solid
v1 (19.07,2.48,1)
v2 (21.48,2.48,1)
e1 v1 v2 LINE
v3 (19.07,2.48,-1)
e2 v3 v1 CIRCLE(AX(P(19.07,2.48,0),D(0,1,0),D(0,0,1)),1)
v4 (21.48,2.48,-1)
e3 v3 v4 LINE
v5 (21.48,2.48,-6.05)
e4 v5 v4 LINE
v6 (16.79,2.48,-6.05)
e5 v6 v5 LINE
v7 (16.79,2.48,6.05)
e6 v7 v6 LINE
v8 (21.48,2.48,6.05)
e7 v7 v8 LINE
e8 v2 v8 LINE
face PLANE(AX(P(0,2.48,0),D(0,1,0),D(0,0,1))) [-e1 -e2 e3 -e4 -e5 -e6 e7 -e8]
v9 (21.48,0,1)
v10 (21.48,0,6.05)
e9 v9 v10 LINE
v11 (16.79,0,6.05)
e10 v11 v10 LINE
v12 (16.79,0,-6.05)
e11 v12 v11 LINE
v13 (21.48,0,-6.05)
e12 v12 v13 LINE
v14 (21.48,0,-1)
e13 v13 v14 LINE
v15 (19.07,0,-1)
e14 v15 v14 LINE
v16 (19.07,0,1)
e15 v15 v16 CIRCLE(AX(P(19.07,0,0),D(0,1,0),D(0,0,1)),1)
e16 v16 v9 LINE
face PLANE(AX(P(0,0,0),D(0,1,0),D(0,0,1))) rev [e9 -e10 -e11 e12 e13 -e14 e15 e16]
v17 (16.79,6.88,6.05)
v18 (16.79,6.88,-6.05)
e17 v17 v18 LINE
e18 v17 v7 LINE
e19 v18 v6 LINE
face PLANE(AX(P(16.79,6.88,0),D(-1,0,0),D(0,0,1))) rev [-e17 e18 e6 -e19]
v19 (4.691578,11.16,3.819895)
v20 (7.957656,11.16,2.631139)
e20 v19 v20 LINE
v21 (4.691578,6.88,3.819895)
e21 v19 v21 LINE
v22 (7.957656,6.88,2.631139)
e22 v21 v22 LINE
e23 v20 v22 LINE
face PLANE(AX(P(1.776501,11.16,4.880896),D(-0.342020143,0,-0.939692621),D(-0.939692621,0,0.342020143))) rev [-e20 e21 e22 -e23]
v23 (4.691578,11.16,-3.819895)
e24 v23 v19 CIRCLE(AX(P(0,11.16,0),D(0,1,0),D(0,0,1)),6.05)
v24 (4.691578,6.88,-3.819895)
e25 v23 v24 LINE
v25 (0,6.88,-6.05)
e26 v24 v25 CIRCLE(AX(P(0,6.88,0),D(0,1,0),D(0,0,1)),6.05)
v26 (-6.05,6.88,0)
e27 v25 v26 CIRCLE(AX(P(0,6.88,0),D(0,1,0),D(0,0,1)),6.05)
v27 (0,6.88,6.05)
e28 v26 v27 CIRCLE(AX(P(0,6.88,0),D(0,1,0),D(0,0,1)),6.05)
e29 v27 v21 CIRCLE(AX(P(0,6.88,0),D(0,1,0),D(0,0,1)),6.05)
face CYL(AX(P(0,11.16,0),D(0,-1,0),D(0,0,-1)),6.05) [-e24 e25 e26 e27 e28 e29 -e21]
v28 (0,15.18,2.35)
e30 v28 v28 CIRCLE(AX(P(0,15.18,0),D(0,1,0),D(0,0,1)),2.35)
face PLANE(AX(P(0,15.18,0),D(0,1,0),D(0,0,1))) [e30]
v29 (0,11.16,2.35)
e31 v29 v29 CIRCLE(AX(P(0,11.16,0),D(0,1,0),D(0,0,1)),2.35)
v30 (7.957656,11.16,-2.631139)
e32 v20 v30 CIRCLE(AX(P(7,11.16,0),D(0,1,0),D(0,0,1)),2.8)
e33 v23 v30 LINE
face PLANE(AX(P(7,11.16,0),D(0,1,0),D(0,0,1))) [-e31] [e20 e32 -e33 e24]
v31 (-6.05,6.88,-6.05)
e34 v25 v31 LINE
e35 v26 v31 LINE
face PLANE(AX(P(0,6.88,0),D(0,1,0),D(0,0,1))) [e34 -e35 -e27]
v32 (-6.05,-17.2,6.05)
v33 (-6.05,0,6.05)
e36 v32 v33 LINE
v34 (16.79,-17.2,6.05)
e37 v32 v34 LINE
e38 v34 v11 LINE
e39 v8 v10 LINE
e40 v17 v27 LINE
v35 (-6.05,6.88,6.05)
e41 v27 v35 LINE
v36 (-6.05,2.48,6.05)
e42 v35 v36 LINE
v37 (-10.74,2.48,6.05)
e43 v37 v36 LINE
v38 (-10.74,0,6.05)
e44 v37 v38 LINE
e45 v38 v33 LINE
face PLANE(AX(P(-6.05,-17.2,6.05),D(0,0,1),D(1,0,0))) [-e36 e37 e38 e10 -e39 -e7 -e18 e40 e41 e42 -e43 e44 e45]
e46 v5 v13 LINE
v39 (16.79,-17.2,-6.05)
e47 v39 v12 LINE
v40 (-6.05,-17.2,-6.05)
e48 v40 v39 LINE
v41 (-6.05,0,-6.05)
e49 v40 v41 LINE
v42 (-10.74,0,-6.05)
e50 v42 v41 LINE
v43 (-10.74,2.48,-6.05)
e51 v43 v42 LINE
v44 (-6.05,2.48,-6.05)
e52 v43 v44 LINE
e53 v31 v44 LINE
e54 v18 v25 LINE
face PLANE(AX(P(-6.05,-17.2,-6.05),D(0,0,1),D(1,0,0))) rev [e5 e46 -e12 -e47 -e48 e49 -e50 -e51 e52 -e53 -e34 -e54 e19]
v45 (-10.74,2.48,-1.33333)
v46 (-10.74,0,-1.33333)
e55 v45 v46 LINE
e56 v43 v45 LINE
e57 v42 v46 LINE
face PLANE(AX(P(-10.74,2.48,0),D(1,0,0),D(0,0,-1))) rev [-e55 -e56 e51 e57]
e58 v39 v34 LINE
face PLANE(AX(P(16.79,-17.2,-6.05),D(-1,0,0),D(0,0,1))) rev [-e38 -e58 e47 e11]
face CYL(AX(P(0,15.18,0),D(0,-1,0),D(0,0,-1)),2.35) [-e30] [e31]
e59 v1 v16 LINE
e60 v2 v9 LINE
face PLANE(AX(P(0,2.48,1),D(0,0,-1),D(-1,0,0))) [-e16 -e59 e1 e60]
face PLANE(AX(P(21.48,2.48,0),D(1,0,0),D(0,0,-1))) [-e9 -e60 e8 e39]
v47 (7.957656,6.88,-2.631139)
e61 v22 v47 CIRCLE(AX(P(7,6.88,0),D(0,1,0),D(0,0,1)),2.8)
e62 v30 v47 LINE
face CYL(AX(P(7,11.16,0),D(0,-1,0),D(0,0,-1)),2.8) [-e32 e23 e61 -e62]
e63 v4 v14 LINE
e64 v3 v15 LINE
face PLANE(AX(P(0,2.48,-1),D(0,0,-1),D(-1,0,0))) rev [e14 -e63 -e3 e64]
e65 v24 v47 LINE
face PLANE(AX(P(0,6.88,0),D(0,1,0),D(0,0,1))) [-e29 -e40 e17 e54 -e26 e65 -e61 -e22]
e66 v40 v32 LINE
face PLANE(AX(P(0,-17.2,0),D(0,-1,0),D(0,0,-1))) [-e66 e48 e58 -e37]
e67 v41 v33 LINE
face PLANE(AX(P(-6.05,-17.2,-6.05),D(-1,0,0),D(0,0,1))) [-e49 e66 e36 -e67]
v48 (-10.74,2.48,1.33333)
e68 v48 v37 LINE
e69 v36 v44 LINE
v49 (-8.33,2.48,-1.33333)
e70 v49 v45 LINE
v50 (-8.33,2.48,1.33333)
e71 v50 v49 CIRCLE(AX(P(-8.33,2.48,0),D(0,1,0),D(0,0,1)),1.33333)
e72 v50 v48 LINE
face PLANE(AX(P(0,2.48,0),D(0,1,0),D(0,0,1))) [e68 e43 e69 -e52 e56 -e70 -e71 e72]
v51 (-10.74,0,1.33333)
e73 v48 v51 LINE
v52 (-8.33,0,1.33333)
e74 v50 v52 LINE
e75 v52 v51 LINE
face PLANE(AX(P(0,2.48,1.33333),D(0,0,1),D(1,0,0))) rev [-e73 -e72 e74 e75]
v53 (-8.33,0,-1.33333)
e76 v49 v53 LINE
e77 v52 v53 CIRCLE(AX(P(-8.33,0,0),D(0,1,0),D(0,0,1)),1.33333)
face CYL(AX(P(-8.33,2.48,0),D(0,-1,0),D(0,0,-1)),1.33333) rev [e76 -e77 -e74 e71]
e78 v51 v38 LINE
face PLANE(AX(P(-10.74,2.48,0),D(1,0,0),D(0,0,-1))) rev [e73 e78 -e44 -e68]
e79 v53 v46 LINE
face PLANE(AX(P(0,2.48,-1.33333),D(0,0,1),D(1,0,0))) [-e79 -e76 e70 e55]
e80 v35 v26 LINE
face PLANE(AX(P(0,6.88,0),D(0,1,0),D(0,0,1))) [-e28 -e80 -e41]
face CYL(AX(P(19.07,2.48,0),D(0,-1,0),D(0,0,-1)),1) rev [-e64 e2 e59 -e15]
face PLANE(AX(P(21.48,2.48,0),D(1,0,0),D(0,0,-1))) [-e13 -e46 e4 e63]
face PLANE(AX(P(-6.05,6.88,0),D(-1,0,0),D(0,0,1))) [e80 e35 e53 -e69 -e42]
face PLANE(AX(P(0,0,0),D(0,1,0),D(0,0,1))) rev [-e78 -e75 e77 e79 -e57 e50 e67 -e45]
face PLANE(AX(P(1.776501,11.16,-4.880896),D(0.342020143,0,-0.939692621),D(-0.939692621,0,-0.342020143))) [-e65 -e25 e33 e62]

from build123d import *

# Parameters (mm, degrees)
SKETCH1_W           = 22.84
SKETCH1_H           = 12.1
BOSS_EXTRUDE1_DEPTH = 17.2
BOSS_EXTRUDE2_DEPTH = 2.48
BOSS_EXTRUDE3_START = 2.48
SKETCH1_4_W         = 22.84
SKETCH1_4_H         = 12.1
BOSS_EXTRUDE3_DEPTH = 4.4
BOSS_EXTRUDE4_START = 6.88
SKETCH1_5_R         = 2.8
SKETCH1_5_R_2       = 6.05
SKETCH1_5_R_3       = 2.35
BOSS_EXTRUDE4_DEPTH = 4.28
BOSS_EXTRUDE5_START = 11.16
SKETCH1_6_R         = 2.35
BOSS_EXTRUDE5_DEPTH = 4.02


with BuildPart() as part:
    # Sketch1 → Boss-Extrude1 (new body)
    with BuildSketch(Plane(origin=(0, 0, 0), x_dir=(1, 0, 0), z_dir=(0, 1, 0))):
        with Locations((5.37, 0)):
            Rectangle(SKETCH1_W, SKETCH1_H)
    extrude(amount=-BOSS_EXTRUDE1_DEPTH)

    # Sketch1<3> → Boss-Extrude2 (add)
    with BuildSketch(Plane(origin=(0, 0, 0), x_dir=(1, 0, 0), z_dir=(0, 1, 0))):
        with BuildLine():
            Line((21.48, -6.05), (21.48, -1))
            Line((21.48, -1), (19.07, -1))
            ThreePointArc((19.07, -1), (18.07, 0), (19.07, 1))
            Line((19.07, 1), (21.48, 1))
            Line((21.48, 1), (21.48, 6.05))
            Line((21.48, 6.05), (-10.74, 6.05))
            Line((-10.74, 6.05), (-10.74, 1.33332999))
            Line((-10.74, 1.33332999), (-8.33, 1.33332999))
            ThreePointArc((-8.33, 1.33332999), (-6.99667001, 0), (-8.33, -1.33332999))
            Line((-8.33, -1.33332999), (-10.74, -1.33332999))
            Line((-10.74, -1.33332999), (-10.74, -6.05))
            Line((-10.74, -6.05), (21.48, -6.05))
        make_face()
    extrude(amount=BOSS_EXTRUDE2_DEPTH)

    # Sketch1<4> → Boss-Extrude3 (add)
    with BuildSketch(Plane(origin=(0, 0, 0), x_dir=(1, 0, 0), z_dir=(0, 1, 0)).offset(BOSS_EXTRUDE3_START)):
        with Locations((5.37, 0)):
            Rectangle(SKETCH1_4_W, SKETCH1_4_H)
    extrude(amount=BOSS_EXTRUDE3_DEPTH)

    # Sketch1<5> → Boss-Extrude4 (add)
    # profile 1 of 9: a face of its own
    with BuildSketch(Plane(origin=(0, 0, 0), x_dir=(1, 0, 0), z_dir=(0, 1, 0)).offset(BOSS_EXTRUDE4_START)):
        with Locations((7, 0)):
            Circle(SKETCH1_5_R)
    # profile 2 of 9: a face of its own
    with BuildSketch(Plane(origin=(0, 0, 0), x_dir=(1, 0, 0), z_dir=(0, 1, 0)).offset(BOSS_EXTRUDE4_START)):
        Circle(SKETCH1_5_R_2)
        Circle(SKETCH1_5_R_3, mode=Mode.SUBTRACT)
    # profile 3 of 9: a face of its own
    with BuildSketch(Plane(origin=(0, 0, 0), x_dir=(1, 0, 0), z_dir=(0, 1, 0)).offset(BOSS_EXTRUDE4_START)):
        with BuildLine():
            Line((4.691578101, -3.819894622), (7.957656401, -2.631139338))
            ThreePointArc((7.957656401, -2.631139338), (6.72964006, -2.786916845), (5.554464286, -2.398004691))
            ThreePointArc((5.554464286, -2.398004691), (5.172116481, -3.138743556), (4.691578101, -3.819894622))
        make_face()
    # profile 4 of 9: a face of its own
    with BuildSketch(Plane(origin=(0, 0, 0), x_dir=(1, 0, 0), z_dir=(0, 1, 0)).offset(BOSS_EXTRUDE4_START)):
        with BuildLine():
            ThreePointArc((5.554464286, 2.398004691), (6.72964006, 2.786916845), (7.957656401, 2.631139338))
            Line((7.957656401, 2.631139338), (4.691578101, 3.819894622))
            ThreePointArc((4.691578101, 3.819894622), (5.172116481, 3.138743556), (5.554464286, 2.398004691))
        make_face()
    # profile 5 of 9: a face of its own
    with BuildSketch(Plane(origin=(0, 0, 0), x_dir=(1, 0, 0), z_dir=(0, 1, 0)).offset(BOSS_EXTRUDE4_START)):
        Circle(SKETCH1_5_R_2)
    # profile 6 of 9: a face of its own
    with BuildSketch(Plane(origin=(0, 0, 0), x_dir=(1, 0, 0), z_dir=(0, 1, 0)).offset(BOSS_EXTRUDE4_START)):
        with Locations((7, 0)):
            Circle(SKETCH1_5_R)
    # profile 7 of 9: a face of its own
    with BuildSketch(Plane(origin=(0, 0, 0), x_dir=(1, 0, 0), z_dir=(0, 1, 0)).offset(BOSS_EXTRUDE4_START)):
        with Locations((7, 0)):
            Circle(SKETCH1_5_R)
    # profile 8 of 9: a face of its own
    with BuildSketch(Plane(origin=(0, 0, 0), x_dir=(1, 0, 0), z_dir=(0, 1, 0)).offset(BOSS_EXTRUDE4_START)):
        Circle(SKETCH1_5_R_2)
    # profile 9 of 9: a face of its own
    with BuildSketch(Plane(origin=(0, 0, 0), x_dir=(1, 0, 0), z_dir=(0, 1, 0)).offset(BOSS_EXTRUDE4_START)):
        Circle(SKETCH1_5_R_3)
    extrude(amount=BOSS_EXTRUDE4_DEPTH)

    # Sketch1<6> → Boss-Extrude5 (add)
    with BuildSketch(Plane(origin=(0, 0, 0), x_dir=(1, 0, 0), z_dir=(0, 1, 0)).offset(BOSS_EXTRUDE5_START)):
        with Locations(Location((0, 0, 0), (0, 0, 270))):
            Circle(SKETCH1_6_R)
    extrude(amount=BOSS_EXTRUDE5_DEPTH)


solid = part.part
